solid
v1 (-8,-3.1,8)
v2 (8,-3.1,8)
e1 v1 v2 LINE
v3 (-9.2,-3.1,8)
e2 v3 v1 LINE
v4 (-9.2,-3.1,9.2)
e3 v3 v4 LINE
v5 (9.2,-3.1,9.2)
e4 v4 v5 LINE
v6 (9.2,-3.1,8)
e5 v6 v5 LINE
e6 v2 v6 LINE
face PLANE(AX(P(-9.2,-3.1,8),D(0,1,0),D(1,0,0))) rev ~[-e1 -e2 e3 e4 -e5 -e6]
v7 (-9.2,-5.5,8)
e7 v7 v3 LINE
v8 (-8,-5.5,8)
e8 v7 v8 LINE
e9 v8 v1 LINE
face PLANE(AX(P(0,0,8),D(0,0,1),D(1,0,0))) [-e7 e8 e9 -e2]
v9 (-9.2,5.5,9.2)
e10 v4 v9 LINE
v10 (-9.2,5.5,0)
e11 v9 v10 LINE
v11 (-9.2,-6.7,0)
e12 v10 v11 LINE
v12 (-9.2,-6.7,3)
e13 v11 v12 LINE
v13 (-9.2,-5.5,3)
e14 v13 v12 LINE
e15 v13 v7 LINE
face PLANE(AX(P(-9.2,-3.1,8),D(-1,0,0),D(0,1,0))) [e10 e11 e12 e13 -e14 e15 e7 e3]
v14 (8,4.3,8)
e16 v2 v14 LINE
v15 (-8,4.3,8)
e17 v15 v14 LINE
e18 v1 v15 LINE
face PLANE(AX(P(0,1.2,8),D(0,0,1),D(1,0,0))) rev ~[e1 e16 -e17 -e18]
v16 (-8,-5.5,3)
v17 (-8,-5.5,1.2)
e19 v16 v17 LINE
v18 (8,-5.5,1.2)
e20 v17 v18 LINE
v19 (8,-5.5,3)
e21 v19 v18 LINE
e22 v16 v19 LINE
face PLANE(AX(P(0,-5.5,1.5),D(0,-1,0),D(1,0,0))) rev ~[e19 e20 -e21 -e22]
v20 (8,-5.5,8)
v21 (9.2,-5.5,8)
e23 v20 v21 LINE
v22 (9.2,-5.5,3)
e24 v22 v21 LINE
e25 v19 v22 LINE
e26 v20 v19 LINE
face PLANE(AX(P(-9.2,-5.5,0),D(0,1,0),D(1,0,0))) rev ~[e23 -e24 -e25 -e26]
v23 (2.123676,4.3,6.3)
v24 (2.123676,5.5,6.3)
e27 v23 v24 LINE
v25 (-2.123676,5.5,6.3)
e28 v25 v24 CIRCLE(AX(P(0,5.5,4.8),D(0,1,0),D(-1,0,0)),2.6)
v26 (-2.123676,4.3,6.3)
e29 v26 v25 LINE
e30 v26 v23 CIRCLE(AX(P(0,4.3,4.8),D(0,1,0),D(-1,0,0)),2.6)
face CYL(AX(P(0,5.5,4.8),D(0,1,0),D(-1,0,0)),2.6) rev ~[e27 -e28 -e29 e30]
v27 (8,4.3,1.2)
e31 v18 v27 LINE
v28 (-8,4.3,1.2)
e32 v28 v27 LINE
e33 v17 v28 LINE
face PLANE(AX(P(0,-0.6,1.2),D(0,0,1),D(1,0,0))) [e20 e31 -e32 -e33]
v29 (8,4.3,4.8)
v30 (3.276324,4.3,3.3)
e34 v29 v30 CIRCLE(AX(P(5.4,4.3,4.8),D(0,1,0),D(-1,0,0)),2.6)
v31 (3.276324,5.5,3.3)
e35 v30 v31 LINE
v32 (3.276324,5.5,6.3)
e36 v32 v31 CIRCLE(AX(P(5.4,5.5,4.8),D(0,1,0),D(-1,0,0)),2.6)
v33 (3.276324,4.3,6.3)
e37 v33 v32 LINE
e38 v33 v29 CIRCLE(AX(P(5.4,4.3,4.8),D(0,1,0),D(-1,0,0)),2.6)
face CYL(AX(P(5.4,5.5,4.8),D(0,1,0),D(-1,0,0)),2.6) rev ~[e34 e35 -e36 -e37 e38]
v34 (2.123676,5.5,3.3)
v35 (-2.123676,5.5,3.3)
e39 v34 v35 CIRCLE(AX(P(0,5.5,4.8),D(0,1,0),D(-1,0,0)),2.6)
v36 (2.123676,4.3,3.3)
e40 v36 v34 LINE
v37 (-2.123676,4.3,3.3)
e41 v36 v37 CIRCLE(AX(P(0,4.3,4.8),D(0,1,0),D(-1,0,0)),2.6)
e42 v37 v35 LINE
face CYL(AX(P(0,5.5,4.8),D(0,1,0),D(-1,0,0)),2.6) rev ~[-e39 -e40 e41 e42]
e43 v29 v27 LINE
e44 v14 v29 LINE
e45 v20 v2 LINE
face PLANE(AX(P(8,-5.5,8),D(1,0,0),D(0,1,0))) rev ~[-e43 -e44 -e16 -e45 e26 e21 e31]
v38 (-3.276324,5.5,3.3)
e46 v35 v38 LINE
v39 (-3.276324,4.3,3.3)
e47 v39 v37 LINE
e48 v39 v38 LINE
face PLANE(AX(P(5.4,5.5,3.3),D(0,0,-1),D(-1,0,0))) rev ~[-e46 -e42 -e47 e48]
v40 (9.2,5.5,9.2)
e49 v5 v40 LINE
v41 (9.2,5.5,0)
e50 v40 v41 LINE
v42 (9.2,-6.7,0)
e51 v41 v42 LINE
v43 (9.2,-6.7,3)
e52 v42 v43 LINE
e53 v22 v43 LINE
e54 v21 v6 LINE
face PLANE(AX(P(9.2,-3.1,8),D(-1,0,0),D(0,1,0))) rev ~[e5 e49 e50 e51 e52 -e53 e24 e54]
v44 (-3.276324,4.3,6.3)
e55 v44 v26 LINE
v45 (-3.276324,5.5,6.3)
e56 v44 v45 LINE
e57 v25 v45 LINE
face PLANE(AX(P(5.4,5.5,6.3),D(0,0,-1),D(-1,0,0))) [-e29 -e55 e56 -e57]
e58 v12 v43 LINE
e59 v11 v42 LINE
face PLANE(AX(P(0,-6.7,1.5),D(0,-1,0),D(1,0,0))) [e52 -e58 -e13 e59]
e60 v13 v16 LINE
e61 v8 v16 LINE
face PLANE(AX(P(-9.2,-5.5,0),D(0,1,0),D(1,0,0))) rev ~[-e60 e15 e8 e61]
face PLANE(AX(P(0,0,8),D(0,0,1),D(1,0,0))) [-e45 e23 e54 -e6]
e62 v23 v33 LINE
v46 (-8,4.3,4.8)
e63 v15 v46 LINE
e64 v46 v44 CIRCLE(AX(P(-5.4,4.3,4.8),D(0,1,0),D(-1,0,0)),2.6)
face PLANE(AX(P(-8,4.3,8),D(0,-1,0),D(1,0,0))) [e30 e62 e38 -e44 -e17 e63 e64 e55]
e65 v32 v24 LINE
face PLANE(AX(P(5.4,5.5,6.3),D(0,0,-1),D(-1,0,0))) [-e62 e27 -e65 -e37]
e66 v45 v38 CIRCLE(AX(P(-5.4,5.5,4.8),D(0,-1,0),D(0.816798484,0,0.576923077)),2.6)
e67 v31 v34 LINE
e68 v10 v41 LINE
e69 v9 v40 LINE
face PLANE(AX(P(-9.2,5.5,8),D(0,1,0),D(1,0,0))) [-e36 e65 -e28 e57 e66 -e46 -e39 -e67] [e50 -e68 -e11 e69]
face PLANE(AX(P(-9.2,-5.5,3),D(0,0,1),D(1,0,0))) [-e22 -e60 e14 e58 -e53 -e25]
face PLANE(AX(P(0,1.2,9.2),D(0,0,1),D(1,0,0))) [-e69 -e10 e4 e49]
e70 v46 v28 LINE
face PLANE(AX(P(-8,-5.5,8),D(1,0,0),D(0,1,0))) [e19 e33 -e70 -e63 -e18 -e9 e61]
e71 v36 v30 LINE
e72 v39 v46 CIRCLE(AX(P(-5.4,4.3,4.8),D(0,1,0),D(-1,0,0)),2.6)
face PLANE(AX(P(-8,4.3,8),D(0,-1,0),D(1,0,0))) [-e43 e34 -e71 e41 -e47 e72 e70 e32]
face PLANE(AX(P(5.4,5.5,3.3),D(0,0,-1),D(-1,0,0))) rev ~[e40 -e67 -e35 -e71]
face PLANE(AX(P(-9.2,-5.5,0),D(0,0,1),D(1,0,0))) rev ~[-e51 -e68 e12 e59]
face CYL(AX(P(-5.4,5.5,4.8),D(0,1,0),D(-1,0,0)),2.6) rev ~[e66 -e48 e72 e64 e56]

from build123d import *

# Parameters (mm, degrees)
SKETCH_W        = 18.4
SKETCH_H        = 11
PAD_DEPTH       = 8
SKETCH002_R     = 2.6
POCKET_DEPTH    = 10
SKETCH003_W     = 16
SKETCH003_H     = 9.8
POCKET001_DEPTH = 6.8
SKETCH004_W     = 10.8
SKETCH004_H     = 3
POCKET002_DEPTH = 5
SKETCH005_W     = 18.4
SKETCH005_H     = 3
PAD001_DEPTH    = 1.2
SKETCH006_W     = 18.4
SKETCH006_H     = 8.6
PAD002_DEPTH    = 1.2


with BuildPart() as part:
    # Sketch → Pad (new body)
    with BuildSketch(Plane.XY):
        Rectangle(SKETCH_W, SKETCH_H)
    extrude(amount=PAD_DEPTH)

    # Sketch002 (on Face3 of Pad) → Pocket (cut)
    with BuildSketch(Plane(origin=(0, 5.5, 0), x_dir=(-1, 0, 0), z_dir=(0, 1, 0))):
        with Locations((-5.4, 4.8)):
            Circle(SKETCH002_R)
        with Locations((0, 4.8)):
            Circle(SKETCH002_R)
        with Locations((5.4, 4.8)):
            Circle(SKETCH002_R)
    extrude(amount=-POCKET_DEPTH, mode=Mode.SUBTRACT)

    # Sketch003 (on Face5 of Pocket) → Pocket001 (cut)
    with BuildSketch(Plane.XY.offset(8)):
        with Locations((0, -0.6)):
            Rectangle(SKETCH003_W, SKETCH003_H)
    extrude(amount=-POCKET001_DEPTH, mode=Mode.SUBTRACT)

    # Sketch004 (on Face9 of Pocket001) → Pocket002 (cut)
    with BuildSketch(Plane(origin=(0, 5.5, 0), x_dir=(-1, 0, 0), z_dir=(0, 1, 0))):
        with Locations((0, 4.8)):
            Rectangle(SKETCH004_W, SKETCH004_H)
    extrude(amount=-POCKET002_DEPTH, mode=Mode.SUBTRACT)

    # Sketch005 (on Face1 of Pocket002) → Pad001 (join)
    with BuildSketch(Plane.XZ.offset(5.5)):
        with Locations((0, 1.5)):
            Rectangle(SKETCH005_W, SKETCH005_H)
    extrude(amount=PAD001_DEPTH)

    # Sketch006 (on Face4 of Pad001) → Pad002 (join)
    with BuildSketch(Plane.XY.offset(8)):
        with Locations((0, 1.2)):
            Rectangle(SKETCH006_W, SKETCH006_H)
    extrude(amount=PAD002_DEPTH)


solid = part.part
